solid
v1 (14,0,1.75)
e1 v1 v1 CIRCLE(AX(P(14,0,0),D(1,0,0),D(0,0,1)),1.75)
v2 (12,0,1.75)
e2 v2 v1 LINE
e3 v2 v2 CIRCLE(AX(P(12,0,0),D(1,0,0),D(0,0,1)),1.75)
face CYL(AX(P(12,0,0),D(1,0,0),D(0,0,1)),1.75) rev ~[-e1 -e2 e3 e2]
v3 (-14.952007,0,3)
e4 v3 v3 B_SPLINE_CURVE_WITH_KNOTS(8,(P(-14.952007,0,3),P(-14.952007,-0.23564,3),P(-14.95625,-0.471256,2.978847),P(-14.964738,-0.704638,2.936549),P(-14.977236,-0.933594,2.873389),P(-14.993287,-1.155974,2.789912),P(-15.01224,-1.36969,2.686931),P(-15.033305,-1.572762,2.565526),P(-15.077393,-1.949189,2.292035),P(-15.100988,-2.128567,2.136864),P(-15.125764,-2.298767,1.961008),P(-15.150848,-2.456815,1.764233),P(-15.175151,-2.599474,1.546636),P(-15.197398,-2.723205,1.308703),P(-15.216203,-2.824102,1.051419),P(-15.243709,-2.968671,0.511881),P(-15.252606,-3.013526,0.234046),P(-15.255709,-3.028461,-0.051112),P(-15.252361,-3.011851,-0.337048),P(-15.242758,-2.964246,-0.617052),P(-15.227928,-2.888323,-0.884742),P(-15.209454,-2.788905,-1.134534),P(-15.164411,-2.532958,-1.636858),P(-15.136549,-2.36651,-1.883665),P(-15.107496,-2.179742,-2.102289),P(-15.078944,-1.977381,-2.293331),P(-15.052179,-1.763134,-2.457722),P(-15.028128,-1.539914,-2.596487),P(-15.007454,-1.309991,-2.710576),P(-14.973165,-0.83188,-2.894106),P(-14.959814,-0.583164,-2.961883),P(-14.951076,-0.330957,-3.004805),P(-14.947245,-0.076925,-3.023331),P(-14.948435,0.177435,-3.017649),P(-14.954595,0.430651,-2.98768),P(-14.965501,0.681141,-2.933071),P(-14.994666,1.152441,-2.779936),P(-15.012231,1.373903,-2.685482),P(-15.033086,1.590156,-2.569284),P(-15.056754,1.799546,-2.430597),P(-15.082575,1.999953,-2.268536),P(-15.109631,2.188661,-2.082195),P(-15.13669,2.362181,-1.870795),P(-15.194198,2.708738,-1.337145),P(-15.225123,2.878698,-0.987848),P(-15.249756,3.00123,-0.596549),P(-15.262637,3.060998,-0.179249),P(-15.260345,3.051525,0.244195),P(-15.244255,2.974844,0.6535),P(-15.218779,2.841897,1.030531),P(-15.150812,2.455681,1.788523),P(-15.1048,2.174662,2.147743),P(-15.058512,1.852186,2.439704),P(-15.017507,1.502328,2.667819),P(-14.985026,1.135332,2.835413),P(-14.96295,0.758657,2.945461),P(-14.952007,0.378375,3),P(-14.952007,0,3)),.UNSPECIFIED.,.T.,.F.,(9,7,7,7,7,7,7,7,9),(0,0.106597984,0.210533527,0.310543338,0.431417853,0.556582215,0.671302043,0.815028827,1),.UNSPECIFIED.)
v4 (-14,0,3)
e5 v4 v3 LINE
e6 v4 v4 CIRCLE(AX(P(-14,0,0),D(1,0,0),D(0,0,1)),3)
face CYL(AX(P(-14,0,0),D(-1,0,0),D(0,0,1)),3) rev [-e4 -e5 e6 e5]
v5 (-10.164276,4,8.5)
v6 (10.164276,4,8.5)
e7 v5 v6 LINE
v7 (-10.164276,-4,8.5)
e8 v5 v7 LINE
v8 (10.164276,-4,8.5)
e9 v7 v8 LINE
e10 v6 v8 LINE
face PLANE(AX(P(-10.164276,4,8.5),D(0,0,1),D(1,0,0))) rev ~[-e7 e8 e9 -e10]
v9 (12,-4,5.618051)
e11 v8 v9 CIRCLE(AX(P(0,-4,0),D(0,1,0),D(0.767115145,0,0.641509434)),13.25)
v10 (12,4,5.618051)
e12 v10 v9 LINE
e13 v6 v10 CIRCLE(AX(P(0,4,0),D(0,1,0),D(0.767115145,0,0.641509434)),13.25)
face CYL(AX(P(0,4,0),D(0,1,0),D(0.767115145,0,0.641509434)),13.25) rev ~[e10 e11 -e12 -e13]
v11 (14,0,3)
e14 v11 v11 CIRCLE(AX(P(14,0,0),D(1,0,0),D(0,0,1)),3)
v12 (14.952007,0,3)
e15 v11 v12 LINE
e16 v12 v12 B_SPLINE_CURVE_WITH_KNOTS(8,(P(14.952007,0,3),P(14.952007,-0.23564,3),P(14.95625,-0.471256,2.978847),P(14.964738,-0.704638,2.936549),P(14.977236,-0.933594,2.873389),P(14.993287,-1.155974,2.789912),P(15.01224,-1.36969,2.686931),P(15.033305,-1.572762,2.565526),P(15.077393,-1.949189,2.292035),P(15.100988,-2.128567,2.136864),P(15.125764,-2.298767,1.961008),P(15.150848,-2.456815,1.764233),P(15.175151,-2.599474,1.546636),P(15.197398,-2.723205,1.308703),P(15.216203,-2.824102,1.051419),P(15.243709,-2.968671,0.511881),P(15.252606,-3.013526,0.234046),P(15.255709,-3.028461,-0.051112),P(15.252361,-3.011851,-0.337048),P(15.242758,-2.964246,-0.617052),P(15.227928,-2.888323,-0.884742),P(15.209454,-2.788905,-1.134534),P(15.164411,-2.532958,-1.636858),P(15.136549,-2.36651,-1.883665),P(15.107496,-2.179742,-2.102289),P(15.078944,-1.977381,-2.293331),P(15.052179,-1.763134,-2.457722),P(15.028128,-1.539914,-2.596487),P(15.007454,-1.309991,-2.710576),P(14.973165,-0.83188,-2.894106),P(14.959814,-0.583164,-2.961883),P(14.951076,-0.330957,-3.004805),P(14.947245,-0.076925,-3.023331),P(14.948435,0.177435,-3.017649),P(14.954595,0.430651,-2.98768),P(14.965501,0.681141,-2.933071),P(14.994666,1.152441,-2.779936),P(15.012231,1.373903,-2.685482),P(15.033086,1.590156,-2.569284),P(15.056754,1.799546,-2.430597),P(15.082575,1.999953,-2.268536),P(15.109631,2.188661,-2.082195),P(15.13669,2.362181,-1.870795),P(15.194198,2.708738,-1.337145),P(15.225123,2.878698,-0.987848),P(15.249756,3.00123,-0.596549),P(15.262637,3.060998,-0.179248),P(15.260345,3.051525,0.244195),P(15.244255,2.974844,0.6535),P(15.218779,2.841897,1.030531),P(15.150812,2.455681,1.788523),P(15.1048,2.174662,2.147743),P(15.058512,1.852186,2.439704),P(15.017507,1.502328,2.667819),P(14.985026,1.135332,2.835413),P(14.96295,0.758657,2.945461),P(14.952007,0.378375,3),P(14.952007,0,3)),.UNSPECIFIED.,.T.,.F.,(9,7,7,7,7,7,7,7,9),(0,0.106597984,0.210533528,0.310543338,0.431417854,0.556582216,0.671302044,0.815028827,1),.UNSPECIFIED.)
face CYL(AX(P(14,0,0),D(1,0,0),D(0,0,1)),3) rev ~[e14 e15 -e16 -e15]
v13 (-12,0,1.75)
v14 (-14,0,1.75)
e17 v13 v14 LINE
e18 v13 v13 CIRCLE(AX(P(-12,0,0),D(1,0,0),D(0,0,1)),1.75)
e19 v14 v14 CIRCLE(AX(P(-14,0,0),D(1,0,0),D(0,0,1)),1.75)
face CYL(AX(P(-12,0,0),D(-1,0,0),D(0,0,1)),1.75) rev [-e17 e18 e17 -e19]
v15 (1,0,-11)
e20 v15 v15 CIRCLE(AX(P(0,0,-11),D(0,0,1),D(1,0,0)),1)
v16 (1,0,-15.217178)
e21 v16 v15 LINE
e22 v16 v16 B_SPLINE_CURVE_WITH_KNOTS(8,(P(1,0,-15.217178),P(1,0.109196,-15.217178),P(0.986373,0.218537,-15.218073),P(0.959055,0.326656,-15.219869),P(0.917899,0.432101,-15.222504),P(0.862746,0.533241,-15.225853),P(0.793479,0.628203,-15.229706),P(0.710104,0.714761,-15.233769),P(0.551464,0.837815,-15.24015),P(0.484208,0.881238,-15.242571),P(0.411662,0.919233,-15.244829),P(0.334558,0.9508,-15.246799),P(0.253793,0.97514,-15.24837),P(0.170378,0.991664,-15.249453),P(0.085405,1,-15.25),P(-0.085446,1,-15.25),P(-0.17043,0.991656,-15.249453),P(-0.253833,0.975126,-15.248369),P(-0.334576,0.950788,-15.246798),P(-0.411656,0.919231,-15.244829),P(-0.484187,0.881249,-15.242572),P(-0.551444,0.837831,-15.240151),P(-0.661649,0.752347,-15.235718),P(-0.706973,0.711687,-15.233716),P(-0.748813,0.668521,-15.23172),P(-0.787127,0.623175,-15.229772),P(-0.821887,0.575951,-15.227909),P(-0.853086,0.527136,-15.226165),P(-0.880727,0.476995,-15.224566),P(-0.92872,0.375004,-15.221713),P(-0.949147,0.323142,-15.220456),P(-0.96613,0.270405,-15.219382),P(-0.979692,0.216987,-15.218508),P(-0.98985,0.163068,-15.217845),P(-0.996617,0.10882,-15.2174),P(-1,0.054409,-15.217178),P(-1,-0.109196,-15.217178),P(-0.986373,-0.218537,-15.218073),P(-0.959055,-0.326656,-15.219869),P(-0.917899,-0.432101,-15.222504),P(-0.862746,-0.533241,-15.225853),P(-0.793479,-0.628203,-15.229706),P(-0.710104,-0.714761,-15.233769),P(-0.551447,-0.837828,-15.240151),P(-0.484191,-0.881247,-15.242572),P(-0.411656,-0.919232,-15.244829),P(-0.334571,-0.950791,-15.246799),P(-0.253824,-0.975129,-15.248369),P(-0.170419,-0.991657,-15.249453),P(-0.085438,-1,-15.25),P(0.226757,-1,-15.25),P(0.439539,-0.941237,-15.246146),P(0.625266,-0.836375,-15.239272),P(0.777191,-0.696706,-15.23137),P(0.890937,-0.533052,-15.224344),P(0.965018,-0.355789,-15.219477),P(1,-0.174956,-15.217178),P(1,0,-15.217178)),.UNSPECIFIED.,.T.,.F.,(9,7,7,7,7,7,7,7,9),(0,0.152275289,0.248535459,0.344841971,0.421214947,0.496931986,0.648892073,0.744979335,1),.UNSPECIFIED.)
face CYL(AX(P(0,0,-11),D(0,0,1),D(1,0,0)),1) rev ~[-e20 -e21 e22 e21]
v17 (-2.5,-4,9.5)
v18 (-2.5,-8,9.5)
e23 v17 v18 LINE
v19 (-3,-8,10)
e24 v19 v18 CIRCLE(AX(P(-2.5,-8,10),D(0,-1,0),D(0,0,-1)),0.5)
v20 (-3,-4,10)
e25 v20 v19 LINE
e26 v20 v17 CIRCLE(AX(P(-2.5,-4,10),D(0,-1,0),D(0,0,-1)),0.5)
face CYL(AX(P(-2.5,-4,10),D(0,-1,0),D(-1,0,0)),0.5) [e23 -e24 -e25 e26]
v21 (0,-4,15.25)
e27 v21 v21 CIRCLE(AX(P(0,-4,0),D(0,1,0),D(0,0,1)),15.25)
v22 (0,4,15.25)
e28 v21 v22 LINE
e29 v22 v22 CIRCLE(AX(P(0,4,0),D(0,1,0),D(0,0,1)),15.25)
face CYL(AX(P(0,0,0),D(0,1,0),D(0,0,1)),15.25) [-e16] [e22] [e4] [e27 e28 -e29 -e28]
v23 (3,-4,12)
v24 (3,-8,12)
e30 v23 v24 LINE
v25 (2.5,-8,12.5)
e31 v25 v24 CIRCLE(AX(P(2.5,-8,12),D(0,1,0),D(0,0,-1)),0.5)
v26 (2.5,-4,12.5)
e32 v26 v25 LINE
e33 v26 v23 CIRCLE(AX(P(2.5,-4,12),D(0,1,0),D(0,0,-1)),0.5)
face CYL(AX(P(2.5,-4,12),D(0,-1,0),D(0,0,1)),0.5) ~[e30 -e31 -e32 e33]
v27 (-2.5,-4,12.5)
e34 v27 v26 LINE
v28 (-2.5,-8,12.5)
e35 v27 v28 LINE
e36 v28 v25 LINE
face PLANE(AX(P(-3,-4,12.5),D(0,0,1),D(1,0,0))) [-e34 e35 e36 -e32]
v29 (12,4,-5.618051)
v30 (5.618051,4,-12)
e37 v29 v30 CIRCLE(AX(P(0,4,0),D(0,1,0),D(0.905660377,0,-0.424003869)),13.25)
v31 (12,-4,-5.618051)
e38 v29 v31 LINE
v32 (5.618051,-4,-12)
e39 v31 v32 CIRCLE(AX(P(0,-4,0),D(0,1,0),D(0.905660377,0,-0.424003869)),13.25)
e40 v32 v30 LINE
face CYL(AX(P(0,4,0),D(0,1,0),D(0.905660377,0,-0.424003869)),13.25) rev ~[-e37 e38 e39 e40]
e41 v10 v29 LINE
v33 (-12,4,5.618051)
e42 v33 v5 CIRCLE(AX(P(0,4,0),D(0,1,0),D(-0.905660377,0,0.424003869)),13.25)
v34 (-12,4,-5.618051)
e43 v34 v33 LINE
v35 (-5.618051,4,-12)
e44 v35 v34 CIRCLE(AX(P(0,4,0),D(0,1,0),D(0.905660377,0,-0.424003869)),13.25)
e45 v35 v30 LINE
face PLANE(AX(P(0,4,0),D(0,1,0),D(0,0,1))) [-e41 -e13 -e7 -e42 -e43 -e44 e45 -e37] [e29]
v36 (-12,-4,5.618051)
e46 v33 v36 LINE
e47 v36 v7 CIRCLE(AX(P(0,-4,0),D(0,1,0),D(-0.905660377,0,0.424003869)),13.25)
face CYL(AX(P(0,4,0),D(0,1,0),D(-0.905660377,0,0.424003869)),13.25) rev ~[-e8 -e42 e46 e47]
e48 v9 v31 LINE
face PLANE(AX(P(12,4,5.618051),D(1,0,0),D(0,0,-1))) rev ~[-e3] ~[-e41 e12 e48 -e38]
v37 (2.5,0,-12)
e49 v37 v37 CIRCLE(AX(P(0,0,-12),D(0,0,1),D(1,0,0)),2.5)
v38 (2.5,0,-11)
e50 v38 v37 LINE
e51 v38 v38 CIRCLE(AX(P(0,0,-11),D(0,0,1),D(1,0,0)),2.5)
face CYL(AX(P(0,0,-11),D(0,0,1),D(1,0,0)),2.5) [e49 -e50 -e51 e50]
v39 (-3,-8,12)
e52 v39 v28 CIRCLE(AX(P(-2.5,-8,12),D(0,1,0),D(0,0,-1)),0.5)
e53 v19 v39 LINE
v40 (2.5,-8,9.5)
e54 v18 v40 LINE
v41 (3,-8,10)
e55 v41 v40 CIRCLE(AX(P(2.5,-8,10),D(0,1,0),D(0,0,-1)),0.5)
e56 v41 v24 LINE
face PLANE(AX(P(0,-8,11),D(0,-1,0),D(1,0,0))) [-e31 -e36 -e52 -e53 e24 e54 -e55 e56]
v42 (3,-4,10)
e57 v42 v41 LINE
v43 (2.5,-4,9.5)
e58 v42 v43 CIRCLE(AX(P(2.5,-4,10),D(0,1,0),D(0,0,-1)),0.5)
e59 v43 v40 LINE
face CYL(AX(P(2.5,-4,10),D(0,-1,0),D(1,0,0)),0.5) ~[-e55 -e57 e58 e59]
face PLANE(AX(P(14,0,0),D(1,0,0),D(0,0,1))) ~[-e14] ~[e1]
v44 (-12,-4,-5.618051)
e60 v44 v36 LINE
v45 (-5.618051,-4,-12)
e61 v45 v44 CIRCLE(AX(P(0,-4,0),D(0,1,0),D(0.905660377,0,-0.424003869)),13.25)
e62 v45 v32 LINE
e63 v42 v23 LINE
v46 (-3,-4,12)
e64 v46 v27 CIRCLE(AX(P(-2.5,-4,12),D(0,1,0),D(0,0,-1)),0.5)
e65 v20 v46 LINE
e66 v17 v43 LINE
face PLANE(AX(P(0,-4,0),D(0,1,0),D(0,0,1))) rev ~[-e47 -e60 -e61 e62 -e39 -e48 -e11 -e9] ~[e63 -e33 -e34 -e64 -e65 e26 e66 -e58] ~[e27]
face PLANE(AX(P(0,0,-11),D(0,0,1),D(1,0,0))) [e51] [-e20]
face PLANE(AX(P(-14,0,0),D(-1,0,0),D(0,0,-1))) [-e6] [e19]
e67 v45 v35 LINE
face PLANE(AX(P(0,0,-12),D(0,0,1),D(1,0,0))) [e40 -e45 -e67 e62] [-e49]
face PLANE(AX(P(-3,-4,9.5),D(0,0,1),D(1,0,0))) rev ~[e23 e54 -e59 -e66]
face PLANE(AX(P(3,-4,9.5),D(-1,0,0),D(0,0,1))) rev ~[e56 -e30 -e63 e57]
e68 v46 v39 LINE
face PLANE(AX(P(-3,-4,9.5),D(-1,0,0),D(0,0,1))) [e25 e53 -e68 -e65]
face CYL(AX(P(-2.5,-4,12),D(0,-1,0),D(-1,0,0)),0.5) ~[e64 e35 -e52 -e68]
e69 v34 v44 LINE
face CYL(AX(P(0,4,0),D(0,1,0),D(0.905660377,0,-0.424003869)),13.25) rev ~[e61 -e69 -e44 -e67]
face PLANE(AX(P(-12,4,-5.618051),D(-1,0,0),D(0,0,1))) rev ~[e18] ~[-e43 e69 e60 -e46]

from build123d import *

# Parameters (mm, degrees)
SKETCH_1_R          = 15.25
EXTRUDE_1_DEPTH     = 4
CUT_EXTRUDE_1_DEPTH = 24.002717231
EXTRUDE_3_REACH     = 33.482
SKETCH_17_W         = 11.236102528
SKETCH_17_H         = 8
SKETCH_16_R         = 1
CUT_EXTRUDE_7_DEPTH = 22.93456194
EXTRUDE_START       = 1
SKETCH_18_R         = 2.5
SKETCH_18_R_2       = 1
EXTRUDE_4_DEPTH     = 1
SKETCH_19_W         = 6
SKETCH_19_H         = 3
EXTRUDE_5_DEPTH     = 4
FILLET_1_R          = 0.5


with BuildPart() as part:
    # 草图1 → 凸台-拉伸1 (new, symmetric)
    with BuildSketch(Plane(origin=(0, 0, 0), x_dir=(1, 0, 0), z_dir=(0, 1, 0))):
        with Locations(Location((0, 0, 0), (0, 0, 270))):
            Circle(SKETCH_1_R)
    extrude(amount=EXTRUDE_1_DEPTH, both=True)

    # 草图2 → 切除-拉伸1 (cut, through all)
    with BuildSketch(Plane(origin=(0, 4, 0), x_dir=(1, 0, 0), z_dir=(0, 1, 0))):
        with BuildLine():
            Line((-12, 5.618051264), (-12, -5.618051264))
            ThreePointArc((-12, -5.618051264), (-11.175427785, -7.118448835), (-10.164275675, -8.5))
            Line((-10.164275675, -8.5), (10.164275675, -8.5))
            ThreePointArc((10.164275675, -8.5), (11.175427785, -7.118448835), (12, -5.618051264))
            Line((12, -5.618051264), (12, 5.618051264))
            ThreePointArc((12, 5.618051264), (0, 13.25), (-12, 5.618051264))
        make_face()
    extrude(amount=-CUT_EXTRUDE_1_DEPTH, mode=Mode.SUBTRACT)

    # 草图3 → 切除-旋转4 (revolve, cut)
    with BuildSketch(Plane(origin=(0, 0, 0), x_dir=(1, 0, 0), z_dir=(0, 1, 0)), mode=Mode.PRIVATE) as cut_revolve_4_sk:
        Polygon((12, 0), (12, 1.75), (14, 1.75), (14, 3), (20, 3), (20, 0), align=None)
    cut_revolve_4 = revolve(cut_revolve_4_sk.sketch.rotate(Axis((0, 0, 0), (1, 0, 0)), 180), axis=Axis((0, 0, 0), (1, 0, 0)), mode=Mode.SUBTRACT)

    # 镜向1: 切除-旋转4 across plane
    add(cut_revolve_4.mirror(Plane(origin=(0, 0, 0), x_dir=(0, 0, 1), z_dir=(1, 0, 0))), mode=Mode.SUBTRACT)

    # 草图17 → 凸台-拉伸3 (add, up to next)
    with BuildSketch(Plane.XY.offset(-12), mode=Mode.PRIVATE) as extrude_3_sk1:
        Rectangle(SKETCH_17_W, SKETCH_17_H)
    extrude_3_tool1 = extrude(extrude_3_sk1.sketch, amount=-EXTRUDE_3_REACH, mode=Mode.PRIVATE) - part.part
    add(extrude_3_tool1.solids().sort_by_distance((0, 0, -12))[0])

    # 草图16 → 切除-拉伸7 (cut, through all)
    with BuildSketch(Plane.XY):
        Circle(SKETCH_16_R)
    extrude(amount=-CUT_EXTRUDE_7_DEPTH, mode=Mode.SUBTRACT)

    # 草图18 → 凸台-拉伸4 (add)
    with BuildSketch(Plane.XY.offset(-12).offset(EXTRUDE_START)):
        Circle(SKETCH_18_R)
        Circle(SKETCH_18_R_2, mode=Mode.SUBTRACT)
    extrude(amount=-EXTRUDE_4_DEPTH)

    # 草图19 → 凸台-拉伸5 (add)
    with BuildSketch(Plane.XZ.offset(4)):
        with Locations((0, 11)):
            Rectangle(SKETCH_19_W, SKETCH_19_H)
    extrude(amount=EXTRUDE_5_DEPTH)

    # 圆角1
    fillet_1_edges = [part.edges().sort_by_distance(p)[0] for p in [
        (3, -6, 9.5),
        (3, -6, 12.5),
        (-3, -6, 12.5),
        (-3, -6, 9.5),
    ]]
    fillet(fillet_1_edges, radius=FILLET_1_R)


solid = part.part
